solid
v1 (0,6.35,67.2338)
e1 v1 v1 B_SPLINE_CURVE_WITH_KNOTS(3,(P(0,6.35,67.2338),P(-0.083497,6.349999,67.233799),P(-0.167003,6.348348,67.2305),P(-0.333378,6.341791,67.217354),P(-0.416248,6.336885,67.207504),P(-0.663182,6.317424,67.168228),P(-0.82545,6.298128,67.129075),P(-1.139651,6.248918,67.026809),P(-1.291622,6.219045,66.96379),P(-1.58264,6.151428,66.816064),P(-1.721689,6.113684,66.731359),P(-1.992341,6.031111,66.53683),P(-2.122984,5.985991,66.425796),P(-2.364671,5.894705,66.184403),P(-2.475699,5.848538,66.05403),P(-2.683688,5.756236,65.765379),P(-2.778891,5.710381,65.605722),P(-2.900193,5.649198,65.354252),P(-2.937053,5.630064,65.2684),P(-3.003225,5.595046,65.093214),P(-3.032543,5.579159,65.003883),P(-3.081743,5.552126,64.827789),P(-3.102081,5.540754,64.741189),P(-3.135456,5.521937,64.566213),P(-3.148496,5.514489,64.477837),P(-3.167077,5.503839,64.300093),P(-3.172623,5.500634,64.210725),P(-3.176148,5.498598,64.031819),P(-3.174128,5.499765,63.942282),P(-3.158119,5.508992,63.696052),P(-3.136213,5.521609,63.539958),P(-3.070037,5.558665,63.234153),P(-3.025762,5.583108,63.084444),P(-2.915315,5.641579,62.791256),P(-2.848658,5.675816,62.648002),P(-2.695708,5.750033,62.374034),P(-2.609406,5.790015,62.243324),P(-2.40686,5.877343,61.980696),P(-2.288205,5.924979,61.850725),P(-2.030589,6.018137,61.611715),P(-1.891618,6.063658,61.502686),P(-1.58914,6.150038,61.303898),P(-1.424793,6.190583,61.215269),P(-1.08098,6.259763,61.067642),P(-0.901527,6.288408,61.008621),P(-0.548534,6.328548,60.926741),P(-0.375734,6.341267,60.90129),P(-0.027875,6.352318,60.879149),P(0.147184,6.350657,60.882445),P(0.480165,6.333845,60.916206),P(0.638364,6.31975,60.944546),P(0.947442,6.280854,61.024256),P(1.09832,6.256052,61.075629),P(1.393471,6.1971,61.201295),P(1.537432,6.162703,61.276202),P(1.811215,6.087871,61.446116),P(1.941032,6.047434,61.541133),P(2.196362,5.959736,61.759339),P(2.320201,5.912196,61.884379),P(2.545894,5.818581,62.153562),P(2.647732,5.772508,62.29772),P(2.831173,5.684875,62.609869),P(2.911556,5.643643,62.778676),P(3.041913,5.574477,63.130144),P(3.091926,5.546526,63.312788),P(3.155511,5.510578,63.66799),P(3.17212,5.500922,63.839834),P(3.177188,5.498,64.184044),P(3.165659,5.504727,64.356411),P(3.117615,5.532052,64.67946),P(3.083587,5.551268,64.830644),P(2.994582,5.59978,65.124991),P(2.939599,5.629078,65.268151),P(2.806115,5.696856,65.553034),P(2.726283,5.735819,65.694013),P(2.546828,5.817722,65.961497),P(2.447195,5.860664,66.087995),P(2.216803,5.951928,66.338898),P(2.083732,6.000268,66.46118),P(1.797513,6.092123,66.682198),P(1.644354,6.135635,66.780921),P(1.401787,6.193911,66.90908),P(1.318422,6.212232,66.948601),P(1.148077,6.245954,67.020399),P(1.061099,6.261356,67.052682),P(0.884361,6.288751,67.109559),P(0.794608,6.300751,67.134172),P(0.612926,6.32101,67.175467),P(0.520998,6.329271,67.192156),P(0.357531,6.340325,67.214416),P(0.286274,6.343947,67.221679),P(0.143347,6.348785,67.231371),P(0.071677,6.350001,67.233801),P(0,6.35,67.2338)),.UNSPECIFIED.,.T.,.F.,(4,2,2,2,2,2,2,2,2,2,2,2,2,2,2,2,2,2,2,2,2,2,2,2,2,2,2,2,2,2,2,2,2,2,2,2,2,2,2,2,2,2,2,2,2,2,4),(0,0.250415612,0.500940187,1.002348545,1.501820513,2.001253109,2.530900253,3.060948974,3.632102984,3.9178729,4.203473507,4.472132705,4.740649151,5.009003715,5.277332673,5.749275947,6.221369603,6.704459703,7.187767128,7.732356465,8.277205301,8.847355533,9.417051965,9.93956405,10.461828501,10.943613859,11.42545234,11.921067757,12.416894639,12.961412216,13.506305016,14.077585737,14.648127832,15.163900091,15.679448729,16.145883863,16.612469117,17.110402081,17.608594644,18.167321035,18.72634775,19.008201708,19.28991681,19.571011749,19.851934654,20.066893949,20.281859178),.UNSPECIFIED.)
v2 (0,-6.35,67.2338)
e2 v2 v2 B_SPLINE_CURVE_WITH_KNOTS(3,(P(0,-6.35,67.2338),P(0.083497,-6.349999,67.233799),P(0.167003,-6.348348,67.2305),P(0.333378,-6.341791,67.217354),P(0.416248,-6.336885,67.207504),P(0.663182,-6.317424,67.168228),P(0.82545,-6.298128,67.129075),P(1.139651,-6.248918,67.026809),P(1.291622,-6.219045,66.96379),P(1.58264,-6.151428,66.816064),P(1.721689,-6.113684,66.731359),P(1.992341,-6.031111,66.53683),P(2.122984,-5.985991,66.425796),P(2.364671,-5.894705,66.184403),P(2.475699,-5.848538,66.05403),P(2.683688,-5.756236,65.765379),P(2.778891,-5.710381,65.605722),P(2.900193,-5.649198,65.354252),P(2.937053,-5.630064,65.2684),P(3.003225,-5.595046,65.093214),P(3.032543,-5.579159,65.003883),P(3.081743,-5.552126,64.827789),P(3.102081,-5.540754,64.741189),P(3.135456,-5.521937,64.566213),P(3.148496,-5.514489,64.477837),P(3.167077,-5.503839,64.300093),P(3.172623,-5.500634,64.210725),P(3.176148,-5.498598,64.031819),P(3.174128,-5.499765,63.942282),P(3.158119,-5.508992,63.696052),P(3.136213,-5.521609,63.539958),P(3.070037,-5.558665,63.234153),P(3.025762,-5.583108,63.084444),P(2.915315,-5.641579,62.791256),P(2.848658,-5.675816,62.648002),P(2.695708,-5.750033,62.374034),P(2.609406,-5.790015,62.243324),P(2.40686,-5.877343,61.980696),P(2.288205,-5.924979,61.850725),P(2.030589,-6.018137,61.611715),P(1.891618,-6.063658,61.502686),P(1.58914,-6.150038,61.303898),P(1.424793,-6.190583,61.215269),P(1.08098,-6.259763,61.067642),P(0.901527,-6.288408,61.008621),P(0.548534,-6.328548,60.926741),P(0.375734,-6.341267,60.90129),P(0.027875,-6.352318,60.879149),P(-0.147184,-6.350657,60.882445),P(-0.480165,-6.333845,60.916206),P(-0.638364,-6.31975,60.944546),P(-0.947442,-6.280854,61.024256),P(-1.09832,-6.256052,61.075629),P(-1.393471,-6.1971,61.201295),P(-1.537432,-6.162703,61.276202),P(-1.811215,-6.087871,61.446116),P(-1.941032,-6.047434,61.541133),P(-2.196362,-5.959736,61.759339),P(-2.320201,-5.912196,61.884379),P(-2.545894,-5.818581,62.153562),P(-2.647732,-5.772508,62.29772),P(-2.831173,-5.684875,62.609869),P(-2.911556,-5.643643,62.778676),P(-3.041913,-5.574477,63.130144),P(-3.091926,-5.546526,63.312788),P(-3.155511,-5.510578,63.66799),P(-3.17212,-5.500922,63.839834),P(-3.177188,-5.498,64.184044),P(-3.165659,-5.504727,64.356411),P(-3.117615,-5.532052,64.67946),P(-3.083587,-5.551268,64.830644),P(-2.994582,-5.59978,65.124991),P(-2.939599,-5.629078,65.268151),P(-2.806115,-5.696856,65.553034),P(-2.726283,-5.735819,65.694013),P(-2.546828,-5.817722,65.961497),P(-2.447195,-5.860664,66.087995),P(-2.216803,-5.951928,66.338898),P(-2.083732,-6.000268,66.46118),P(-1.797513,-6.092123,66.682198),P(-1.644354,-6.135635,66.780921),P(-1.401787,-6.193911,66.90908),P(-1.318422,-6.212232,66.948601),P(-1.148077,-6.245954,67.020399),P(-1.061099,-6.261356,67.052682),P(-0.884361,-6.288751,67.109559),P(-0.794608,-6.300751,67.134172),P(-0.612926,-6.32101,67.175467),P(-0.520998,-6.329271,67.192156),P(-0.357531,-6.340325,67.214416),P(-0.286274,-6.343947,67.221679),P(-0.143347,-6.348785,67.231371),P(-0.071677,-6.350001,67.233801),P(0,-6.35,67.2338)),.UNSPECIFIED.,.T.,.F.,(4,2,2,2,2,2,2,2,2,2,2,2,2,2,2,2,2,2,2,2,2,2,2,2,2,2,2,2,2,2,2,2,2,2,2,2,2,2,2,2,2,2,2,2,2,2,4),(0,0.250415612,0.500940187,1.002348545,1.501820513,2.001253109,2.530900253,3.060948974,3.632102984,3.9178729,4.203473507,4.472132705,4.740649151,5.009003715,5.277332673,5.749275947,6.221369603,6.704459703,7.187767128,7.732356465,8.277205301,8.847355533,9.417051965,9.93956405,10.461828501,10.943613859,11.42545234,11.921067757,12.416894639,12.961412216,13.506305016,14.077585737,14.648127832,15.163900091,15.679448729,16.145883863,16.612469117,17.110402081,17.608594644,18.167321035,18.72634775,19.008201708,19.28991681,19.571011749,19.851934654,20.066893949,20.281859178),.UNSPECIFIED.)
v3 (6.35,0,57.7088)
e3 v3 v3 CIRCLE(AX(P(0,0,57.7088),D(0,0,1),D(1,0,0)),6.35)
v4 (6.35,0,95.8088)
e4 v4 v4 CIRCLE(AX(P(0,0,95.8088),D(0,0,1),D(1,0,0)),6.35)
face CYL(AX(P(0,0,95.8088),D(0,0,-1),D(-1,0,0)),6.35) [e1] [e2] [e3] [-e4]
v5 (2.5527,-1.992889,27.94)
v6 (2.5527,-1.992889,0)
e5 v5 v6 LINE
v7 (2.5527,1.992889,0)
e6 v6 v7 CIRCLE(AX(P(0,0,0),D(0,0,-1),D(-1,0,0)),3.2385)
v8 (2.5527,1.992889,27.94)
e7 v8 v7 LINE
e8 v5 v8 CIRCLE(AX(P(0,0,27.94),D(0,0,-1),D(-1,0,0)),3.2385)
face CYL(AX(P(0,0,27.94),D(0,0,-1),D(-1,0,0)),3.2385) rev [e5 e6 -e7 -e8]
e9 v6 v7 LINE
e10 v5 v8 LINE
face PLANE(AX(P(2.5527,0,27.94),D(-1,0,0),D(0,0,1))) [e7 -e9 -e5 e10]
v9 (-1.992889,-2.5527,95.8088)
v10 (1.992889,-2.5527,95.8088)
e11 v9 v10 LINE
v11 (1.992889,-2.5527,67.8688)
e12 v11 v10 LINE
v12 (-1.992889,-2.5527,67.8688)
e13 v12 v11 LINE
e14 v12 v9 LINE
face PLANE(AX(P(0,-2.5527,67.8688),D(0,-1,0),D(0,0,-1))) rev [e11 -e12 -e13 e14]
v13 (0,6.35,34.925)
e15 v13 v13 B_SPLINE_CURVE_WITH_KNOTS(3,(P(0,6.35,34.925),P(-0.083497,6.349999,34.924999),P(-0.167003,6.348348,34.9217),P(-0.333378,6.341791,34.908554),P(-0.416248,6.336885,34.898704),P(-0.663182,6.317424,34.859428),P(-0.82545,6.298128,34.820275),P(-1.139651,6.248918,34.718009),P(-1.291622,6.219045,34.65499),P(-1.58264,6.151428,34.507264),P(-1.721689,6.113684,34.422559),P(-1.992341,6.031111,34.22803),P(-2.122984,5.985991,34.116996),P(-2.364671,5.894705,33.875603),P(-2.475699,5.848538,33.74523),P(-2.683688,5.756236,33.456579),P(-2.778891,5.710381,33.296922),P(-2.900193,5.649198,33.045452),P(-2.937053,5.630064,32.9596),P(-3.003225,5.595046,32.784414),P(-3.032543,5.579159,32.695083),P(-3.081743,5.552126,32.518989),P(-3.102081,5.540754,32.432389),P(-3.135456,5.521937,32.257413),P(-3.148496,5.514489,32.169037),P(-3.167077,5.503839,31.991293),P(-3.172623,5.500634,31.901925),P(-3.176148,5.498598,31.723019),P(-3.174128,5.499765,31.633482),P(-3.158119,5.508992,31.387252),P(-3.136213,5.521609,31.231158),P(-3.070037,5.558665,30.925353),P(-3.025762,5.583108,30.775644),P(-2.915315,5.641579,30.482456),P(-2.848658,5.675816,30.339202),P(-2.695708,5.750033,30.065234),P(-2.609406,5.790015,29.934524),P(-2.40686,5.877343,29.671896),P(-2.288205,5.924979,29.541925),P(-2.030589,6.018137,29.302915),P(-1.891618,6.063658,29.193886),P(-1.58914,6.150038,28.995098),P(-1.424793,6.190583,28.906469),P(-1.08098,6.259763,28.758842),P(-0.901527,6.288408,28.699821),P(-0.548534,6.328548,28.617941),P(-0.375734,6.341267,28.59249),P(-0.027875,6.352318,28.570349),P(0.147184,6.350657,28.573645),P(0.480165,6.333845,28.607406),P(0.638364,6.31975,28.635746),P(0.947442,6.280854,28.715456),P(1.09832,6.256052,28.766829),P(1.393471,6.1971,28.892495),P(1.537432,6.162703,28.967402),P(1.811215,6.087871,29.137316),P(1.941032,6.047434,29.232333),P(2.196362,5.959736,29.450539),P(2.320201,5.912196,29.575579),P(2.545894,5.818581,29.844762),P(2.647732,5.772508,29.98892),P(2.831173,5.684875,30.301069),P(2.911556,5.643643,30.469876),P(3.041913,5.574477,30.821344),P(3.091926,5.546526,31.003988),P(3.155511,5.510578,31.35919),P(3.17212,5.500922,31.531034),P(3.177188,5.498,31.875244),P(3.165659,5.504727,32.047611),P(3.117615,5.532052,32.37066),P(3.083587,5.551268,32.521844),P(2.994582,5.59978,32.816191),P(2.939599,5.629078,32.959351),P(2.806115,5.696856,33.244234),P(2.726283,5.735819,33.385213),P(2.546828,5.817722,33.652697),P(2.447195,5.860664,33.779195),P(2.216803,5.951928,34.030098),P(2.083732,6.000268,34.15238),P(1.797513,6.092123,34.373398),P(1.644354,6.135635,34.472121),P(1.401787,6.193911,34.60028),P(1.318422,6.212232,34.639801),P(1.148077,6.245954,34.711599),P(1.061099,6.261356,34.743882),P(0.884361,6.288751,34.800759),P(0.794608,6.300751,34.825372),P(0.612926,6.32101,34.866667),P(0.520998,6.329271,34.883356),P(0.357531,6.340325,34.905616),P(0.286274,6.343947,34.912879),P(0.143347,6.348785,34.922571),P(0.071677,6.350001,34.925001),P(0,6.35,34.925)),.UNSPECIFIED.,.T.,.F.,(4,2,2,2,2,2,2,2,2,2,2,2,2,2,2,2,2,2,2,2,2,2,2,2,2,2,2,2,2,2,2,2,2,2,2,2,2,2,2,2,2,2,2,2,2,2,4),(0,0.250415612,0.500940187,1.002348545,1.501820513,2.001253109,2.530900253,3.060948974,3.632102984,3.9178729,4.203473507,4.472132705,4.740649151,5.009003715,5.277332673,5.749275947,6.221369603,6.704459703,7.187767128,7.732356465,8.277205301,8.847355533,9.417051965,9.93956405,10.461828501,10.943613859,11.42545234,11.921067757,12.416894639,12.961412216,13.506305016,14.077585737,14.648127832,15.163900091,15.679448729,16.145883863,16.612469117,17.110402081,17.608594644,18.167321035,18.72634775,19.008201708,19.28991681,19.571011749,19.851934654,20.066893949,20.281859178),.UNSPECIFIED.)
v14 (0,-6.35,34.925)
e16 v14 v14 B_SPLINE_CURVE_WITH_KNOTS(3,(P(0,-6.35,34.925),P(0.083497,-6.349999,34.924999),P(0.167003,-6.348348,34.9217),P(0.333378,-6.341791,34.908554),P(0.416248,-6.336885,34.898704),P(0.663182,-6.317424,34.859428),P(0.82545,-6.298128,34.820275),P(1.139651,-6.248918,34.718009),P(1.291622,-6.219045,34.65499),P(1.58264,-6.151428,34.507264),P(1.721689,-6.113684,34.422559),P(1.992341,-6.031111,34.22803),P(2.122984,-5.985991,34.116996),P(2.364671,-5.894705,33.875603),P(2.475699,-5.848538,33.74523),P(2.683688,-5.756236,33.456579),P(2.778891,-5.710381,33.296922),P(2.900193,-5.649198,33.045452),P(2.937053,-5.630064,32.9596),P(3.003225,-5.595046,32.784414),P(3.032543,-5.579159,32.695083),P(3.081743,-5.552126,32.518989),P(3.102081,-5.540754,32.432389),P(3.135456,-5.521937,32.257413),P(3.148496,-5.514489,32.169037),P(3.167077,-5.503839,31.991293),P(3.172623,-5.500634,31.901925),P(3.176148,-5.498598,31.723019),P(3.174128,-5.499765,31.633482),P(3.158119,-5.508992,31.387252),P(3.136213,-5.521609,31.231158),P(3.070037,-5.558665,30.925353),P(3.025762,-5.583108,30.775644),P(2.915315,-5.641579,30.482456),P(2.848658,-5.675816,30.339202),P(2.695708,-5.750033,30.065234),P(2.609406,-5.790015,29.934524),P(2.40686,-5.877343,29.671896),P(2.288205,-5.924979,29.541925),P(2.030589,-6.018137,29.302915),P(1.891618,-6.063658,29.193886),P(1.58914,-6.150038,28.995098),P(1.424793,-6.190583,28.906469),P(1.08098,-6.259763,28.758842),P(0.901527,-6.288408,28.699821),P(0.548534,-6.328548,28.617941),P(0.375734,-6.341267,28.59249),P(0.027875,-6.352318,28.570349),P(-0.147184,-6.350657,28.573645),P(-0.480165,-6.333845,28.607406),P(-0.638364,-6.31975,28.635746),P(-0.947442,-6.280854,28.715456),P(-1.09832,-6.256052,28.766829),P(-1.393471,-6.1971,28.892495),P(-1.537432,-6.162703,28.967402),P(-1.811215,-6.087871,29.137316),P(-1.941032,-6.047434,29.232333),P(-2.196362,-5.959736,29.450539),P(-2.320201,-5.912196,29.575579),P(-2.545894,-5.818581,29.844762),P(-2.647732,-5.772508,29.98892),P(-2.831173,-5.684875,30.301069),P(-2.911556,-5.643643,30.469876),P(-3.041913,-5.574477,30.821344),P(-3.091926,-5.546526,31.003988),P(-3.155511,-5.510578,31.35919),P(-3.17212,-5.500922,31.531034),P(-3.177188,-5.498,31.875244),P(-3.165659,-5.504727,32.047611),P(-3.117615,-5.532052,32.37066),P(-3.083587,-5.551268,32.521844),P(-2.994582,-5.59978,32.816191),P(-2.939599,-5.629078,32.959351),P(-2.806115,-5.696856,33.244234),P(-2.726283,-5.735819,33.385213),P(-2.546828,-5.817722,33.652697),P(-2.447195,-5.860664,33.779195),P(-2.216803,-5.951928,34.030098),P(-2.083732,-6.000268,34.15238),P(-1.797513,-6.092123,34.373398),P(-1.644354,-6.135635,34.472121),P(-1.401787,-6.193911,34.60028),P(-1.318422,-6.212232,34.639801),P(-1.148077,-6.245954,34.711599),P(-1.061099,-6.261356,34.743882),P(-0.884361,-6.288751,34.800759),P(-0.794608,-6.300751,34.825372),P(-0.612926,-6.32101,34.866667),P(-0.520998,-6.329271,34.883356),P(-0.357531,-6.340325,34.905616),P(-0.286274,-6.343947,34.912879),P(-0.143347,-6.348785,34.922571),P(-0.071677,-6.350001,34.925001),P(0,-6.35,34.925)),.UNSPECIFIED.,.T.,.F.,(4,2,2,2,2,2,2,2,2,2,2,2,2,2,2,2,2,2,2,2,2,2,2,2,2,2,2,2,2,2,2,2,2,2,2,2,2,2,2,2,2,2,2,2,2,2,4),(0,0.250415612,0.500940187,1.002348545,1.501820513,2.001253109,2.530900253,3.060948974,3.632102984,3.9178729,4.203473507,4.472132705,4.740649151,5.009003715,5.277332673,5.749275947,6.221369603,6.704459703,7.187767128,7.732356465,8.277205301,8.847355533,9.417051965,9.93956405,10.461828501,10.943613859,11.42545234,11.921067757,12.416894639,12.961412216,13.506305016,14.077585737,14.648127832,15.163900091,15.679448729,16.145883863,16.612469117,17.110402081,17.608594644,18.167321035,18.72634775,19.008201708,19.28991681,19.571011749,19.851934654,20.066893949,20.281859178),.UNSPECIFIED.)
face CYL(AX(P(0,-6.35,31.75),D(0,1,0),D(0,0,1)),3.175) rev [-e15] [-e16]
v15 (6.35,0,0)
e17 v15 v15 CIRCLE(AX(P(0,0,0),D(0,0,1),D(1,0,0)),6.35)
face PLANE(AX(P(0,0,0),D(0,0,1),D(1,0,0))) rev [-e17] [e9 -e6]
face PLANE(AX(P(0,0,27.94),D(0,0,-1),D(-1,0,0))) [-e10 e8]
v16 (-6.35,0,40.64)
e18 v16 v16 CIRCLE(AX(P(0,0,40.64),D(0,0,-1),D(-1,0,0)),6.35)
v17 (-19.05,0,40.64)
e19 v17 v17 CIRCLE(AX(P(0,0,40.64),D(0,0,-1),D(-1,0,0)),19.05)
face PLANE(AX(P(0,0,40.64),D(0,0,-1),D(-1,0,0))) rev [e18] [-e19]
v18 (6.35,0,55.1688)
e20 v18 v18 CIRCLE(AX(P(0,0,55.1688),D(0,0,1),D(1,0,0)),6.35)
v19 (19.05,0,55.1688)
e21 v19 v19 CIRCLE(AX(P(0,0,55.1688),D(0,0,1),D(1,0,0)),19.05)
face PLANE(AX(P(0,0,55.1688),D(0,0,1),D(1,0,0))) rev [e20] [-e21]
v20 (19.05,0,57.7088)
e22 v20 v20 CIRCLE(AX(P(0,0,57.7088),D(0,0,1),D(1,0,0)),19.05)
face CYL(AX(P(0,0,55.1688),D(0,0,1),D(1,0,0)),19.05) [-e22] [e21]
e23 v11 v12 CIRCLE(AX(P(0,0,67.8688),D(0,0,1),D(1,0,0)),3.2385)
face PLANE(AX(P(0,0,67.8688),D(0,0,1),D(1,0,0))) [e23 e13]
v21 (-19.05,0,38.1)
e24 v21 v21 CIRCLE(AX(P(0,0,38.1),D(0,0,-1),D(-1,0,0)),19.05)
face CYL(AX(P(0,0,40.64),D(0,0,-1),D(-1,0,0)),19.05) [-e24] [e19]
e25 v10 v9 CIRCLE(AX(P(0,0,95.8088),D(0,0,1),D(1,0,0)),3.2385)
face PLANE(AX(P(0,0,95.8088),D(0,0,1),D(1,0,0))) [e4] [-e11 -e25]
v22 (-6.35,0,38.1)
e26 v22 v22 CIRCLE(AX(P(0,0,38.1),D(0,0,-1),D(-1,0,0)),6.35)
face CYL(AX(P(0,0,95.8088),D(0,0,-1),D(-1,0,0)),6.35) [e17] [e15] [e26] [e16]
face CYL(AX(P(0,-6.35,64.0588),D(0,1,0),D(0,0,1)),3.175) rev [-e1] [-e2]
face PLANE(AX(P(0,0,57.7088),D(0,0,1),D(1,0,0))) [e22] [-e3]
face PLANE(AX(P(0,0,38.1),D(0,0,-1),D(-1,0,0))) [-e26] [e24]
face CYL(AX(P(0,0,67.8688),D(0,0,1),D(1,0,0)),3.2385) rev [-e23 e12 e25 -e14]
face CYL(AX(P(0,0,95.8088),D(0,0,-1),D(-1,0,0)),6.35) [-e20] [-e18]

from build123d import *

# Parameters (mm, degrees)
SKETCH1_R               = 6.35
BOSS_EXTRUDE1_DEPTH     = 95.8088
SKETCH4_R               = 3.175
CUT_EXTRUDE2_DEPTH      = 7.35
CUT_EXTRUDE2_DEPTH_BACK = 7.35
SKETCH5_R               = 19.05
BOSS_EXTRUDE2_DEPTH     = 2.54
SKETCH6_R               = 19.05
BOSS_EXTRUDE3_DEPTH     = 2.54
CUT_EXTRUDE4_DEPTH      = 27.94
CUT_EXTRUDE5_DEPTH      = 27.94


with BuildPart() as part:
    # Sketch1 → Boss-Extrude1 (new body)
    with BuildSketch(Plane.XY):
        Circle(SKETCH1_R)
    extrude(amount=BOSS_EXTRUDE1_DEPTH)

    # Sketch4 → Cut-Extrude2 (cut, two sides)
    with BuildSketch(Plane(origin=(0, 0, 0), x_dir=(1, 0, 0), z_dir=(0, 1, 0))) as cut_extrude2_sk:
        with Locations((0, -64.0588)):
            Circle(SKETCH4_R)
        with Locations((0, -31.75)):
            Circle(SKETCH4_R)
    extrude(amount=CUT_EXTRUDE2_DEPTH, mode=Mode.SUBTRACT)
    extrude(cut_extrude2_sk.sketch, amount=-CUT_EXTRUDE2_DEPTH_BACK, mode=Mode.SUBTRACT)

    # Sketch5 → Boss-Extrude2 (add)
    with BuildSketch(Plane.XY.offset(57.7088)):
        Circle(SKETCH5_R)
    extrude(amount=-BOSS_EXTRUDE2_DEPTH)

    # Sketch6 → Boss-Extrude3 (add)
    with BuildSketch(Plane(origin=(0, 0, 38.1), x_dir=(-1, 0, 0), z_dir=(0, 0, -1))):
        Circle(SKETCH6_R)
    extrude(amount=-BOSS_EXTRUDE3_DEPTH)

    # Sketch2 → Cut-Extrude4 (cut)
    with BuildSketch(Plane.XY.offset(95.8088)):
        with BuildLine():
            Line((-1.992888597, -2.5527), (1.992888597, -2.5527))
            ThreePointArc((1.992888597, -2.5527), (0, 3.2385), (-1.992888597, -2.5527))
        make_face()
    extrude(amount=-CUT_EXTRUDE4_DEPTH, mode=Mode.SUBTRACT)

    # Sketch7 → Cut-Extrude5 (cut)
    with BuildSketch(Plane(origin=(0, 0, 0), x_dir=(-1, 0, 0), z_dir=(0, 0, -1))):
        with BuildLine():
            Line((-2.5527, 1.992888597), (-2.5527, -1.992888597))
            ThreePointArc((-2.5527, -1.992888597), (1.053793931, -3.06225417), (3.2385, 0))
            ThreePointArc((3.2385, 0), (1.053793931, 3.06225417), (-2.5527, 1.992888597))
        make_face()
    extrude(amount=-CUT_EXTRUDE5_DEPTH, mode=Mode.SUBTRACT)


solid = part.part
